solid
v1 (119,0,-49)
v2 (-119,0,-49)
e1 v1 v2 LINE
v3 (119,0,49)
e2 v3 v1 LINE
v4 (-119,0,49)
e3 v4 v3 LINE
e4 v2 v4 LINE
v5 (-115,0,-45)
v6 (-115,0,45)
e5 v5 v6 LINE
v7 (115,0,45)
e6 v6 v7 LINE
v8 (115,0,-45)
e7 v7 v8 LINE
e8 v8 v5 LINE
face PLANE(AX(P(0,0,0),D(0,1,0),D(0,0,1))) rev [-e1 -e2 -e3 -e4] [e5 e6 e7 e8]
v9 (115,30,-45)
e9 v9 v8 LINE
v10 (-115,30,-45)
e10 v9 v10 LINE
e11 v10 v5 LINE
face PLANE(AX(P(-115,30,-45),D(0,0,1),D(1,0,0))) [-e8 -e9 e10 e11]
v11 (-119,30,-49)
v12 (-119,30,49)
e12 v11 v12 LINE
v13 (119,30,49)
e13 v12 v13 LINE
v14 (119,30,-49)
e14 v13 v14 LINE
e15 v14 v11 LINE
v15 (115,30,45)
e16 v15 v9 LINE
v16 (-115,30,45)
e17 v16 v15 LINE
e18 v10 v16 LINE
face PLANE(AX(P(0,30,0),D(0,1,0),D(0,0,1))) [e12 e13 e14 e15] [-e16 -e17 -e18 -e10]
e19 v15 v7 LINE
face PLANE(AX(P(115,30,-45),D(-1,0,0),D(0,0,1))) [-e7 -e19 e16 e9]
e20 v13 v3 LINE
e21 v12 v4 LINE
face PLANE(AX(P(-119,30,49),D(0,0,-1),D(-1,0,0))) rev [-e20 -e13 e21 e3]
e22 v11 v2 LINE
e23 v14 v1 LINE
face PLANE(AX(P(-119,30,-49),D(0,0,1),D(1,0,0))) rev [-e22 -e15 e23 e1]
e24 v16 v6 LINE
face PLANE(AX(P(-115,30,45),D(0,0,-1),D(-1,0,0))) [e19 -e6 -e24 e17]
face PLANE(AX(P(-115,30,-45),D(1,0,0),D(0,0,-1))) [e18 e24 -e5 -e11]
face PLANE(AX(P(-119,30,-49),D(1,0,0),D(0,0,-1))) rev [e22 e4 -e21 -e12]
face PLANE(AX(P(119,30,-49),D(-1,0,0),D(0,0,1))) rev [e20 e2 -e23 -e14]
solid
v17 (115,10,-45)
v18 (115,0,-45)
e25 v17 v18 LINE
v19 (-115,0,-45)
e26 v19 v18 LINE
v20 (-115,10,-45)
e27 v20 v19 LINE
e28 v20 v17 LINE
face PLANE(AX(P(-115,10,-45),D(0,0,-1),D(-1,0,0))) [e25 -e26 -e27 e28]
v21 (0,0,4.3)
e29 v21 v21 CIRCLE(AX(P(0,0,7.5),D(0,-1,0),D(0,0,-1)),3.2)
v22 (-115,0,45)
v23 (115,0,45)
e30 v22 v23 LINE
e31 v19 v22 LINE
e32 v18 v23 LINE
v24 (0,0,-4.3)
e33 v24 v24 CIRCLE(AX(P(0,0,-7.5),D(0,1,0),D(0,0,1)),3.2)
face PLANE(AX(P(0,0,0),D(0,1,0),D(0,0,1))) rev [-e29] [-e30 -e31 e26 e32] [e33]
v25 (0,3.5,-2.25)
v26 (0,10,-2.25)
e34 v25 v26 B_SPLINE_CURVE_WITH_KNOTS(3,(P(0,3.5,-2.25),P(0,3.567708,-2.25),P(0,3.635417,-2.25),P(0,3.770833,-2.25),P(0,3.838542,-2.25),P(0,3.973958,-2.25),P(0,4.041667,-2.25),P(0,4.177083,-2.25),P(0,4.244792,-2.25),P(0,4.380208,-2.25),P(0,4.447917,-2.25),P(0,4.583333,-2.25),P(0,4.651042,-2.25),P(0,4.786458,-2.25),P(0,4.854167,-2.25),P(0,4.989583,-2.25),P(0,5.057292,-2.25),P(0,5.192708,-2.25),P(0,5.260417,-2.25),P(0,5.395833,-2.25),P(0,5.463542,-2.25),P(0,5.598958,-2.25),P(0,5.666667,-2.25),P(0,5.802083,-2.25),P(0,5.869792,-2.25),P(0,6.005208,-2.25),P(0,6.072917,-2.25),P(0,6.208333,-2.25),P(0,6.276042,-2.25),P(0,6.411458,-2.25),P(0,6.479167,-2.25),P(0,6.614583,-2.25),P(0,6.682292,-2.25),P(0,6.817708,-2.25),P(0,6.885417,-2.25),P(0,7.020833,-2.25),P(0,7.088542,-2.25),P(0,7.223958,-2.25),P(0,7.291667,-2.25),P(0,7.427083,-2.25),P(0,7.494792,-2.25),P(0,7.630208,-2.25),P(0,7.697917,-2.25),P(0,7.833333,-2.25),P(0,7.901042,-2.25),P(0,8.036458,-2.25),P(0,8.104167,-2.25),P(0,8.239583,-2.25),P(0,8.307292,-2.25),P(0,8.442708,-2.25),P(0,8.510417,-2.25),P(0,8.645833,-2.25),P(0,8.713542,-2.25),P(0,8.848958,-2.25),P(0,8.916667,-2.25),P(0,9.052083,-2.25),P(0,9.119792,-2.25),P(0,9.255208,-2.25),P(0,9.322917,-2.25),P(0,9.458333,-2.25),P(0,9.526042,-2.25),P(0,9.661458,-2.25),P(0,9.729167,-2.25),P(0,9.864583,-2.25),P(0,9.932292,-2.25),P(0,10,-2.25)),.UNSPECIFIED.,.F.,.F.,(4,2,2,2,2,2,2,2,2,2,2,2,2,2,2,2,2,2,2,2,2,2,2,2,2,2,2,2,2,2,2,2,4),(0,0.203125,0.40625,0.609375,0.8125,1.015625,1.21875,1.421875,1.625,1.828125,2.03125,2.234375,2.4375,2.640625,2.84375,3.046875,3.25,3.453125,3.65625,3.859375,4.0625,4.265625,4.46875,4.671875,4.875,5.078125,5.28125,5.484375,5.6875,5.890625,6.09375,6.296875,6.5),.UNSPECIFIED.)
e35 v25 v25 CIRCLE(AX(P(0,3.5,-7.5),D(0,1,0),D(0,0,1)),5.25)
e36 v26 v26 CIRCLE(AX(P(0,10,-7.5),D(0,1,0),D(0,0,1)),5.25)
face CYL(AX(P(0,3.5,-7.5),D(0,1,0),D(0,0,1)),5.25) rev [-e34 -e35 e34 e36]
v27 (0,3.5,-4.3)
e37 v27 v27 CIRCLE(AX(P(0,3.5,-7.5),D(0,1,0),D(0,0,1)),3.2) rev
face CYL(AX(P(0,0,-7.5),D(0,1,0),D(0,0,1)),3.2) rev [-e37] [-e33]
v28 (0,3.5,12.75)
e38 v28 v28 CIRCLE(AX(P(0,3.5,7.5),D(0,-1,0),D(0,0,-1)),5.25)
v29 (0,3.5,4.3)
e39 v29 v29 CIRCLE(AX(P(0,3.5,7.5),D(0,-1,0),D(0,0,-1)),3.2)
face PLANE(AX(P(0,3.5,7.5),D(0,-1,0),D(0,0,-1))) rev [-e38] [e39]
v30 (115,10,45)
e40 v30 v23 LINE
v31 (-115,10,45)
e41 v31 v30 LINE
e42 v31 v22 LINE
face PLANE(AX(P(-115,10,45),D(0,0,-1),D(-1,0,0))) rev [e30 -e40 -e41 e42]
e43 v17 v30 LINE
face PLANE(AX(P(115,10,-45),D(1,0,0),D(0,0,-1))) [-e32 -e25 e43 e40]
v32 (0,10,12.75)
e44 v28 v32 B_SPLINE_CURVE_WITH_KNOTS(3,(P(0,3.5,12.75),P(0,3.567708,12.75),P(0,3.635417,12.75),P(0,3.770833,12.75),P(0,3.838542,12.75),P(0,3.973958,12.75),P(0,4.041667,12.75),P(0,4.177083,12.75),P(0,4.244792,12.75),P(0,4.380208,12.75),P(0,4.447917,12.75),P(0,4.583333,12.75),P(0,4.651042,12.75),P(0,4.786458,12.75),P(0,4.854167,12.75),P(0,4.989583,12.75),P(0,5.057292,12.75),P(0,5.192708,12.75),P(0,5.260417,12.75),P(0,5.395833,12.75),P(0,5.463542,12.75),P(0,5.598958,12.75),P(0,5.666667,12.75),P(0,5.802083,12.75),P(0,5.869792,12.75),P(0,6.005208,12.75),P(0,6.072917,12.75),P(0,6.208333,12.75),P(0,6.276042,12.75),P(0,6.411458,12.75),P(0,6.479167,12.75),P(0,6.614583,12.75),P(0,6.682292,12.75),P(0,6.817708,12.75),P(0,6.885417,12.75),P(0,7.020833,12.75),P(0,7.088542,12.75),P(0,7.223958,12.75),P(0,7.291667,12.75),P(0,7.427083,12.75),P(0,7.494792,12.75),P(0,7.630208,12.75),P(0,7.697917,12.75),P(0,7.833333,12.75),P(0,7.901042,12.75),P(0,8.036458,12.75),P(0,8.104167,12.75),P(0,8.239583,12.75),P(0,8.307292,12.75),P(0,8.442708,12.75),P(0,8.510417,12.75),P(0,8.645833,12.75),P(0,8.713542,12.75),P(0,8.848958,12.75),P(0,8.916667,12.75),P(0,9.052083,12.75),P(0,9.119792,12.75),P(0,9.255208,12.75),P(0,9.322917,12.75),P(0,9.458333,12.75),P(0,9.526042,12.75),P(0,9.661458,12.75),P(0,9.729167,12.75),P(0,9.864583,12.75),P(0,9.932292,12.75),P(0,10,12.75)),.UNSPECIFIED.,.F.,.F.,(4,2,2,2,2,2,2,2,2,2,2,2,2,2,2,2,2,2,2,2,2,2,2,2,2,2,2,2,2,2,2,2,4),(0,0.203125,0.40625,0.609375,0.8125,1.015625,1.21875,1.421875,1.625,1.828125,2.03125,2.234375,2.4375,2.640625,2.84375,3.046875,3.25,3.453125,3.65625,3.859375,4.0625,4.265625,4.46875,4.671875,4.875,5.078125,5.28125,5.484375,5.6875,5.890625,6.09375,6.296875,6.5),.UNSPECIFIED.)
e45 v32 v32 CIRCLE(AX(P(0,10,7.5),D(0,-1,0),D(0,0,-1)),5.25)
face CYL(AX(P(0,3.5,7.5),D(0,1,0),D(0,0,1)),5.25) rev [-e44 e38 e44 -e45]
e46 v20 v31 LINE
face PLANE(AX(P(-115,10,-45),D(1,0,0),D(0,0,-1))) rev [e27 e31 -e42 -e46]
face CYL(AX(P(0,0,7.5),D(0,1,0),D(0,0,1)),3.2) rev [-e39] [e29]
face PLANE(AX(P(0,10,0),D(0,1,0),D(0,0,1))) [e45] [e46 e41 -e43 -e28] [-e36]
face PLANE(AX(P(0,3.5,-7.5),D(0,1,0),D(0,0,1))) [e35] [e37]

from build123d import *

# Parameters (mm, degrees)
SKETCH1_W           = 238
SKETCH1_H           = 98
SKETCH1_W_2         = 230
SKETCH1_H_2         = 90
BOSS_EXTRUDE1_DEPTH = 30
SKETCH1_2_W         = 230
SKETCH1_2_H         = 90
BOSS_EXTRUDE2_DEPTH = 10
SKETCH3_R           = 3.2
CUT_EXTRUDE1_DEPTH  = 131.238243231
SKETCH3_3_R         = 5.25
CUT_EXTRUDE2_DEPTH  = 6.5


with BuildPart() as part:
    # Sketch1 → Boss-Extrude1 (new body)
    with BuildSketch(Plane(origin=(0, 0, 0), x_dir=(1, 0, 0), z_dir=(0, 1, 0))):
        Rectangle(SKETCH1_W, SKETCH1_H)
        Rectangle(SKETCH1_W_2, SKETCH1_H_2, mode=Mode.SUBTRACT)
    extrude(amount=BOSS_EXTRUDE1_DEPTH)


with BuildPart() as body_2:
    # Sketch1<2> → Boss-Extrude2 (new body)
    with BuildSketch(Plane(origin=(0, 0, 0), x_dir=(1, 0, 0), z_dir=(0, 1, 0))):
        Rectangle(SKETCH1_2_W, SKETCH1_2_H)
    extrude(amount=BOSS_EXTRUDE2_DEPTH)

    # Sketch3 → Cut-Extrude1 (cut, through all)
    with BuildSketch(Plane(origin=(0, 10, 0), x_dir=(1, 0, 0), z_dir=(0, 1, 0))):
        with Locations((0, 7.5)):
            Circle(SKETCH3_R)
        with Locations((0, -7.5)):
            Circle(SKETCH3_R)
    extrude(amount=-CUT_EXTRUDE1_DEPTH, mode=Mode.SUBTRACT)

    # Sketch3<3> → Cut-Extrude2 (cut)
    with BuildSketch(Plane(origin=(0, 10, 0), x_dir=(1, 0, 0), z_dir=(0, 1, 0))):
        with Locations((0, 7.5)):
            Circle(SKETCH3_3_R)
        with Locations((0, -7.5)):
            Circle(SKETCH3_3_R)
    extrude(amount=-CUT_EXTRUDE2_DEPTH, mode=Mode.SUBTRACT)


solid = Compound([part.part, body_2.part])
